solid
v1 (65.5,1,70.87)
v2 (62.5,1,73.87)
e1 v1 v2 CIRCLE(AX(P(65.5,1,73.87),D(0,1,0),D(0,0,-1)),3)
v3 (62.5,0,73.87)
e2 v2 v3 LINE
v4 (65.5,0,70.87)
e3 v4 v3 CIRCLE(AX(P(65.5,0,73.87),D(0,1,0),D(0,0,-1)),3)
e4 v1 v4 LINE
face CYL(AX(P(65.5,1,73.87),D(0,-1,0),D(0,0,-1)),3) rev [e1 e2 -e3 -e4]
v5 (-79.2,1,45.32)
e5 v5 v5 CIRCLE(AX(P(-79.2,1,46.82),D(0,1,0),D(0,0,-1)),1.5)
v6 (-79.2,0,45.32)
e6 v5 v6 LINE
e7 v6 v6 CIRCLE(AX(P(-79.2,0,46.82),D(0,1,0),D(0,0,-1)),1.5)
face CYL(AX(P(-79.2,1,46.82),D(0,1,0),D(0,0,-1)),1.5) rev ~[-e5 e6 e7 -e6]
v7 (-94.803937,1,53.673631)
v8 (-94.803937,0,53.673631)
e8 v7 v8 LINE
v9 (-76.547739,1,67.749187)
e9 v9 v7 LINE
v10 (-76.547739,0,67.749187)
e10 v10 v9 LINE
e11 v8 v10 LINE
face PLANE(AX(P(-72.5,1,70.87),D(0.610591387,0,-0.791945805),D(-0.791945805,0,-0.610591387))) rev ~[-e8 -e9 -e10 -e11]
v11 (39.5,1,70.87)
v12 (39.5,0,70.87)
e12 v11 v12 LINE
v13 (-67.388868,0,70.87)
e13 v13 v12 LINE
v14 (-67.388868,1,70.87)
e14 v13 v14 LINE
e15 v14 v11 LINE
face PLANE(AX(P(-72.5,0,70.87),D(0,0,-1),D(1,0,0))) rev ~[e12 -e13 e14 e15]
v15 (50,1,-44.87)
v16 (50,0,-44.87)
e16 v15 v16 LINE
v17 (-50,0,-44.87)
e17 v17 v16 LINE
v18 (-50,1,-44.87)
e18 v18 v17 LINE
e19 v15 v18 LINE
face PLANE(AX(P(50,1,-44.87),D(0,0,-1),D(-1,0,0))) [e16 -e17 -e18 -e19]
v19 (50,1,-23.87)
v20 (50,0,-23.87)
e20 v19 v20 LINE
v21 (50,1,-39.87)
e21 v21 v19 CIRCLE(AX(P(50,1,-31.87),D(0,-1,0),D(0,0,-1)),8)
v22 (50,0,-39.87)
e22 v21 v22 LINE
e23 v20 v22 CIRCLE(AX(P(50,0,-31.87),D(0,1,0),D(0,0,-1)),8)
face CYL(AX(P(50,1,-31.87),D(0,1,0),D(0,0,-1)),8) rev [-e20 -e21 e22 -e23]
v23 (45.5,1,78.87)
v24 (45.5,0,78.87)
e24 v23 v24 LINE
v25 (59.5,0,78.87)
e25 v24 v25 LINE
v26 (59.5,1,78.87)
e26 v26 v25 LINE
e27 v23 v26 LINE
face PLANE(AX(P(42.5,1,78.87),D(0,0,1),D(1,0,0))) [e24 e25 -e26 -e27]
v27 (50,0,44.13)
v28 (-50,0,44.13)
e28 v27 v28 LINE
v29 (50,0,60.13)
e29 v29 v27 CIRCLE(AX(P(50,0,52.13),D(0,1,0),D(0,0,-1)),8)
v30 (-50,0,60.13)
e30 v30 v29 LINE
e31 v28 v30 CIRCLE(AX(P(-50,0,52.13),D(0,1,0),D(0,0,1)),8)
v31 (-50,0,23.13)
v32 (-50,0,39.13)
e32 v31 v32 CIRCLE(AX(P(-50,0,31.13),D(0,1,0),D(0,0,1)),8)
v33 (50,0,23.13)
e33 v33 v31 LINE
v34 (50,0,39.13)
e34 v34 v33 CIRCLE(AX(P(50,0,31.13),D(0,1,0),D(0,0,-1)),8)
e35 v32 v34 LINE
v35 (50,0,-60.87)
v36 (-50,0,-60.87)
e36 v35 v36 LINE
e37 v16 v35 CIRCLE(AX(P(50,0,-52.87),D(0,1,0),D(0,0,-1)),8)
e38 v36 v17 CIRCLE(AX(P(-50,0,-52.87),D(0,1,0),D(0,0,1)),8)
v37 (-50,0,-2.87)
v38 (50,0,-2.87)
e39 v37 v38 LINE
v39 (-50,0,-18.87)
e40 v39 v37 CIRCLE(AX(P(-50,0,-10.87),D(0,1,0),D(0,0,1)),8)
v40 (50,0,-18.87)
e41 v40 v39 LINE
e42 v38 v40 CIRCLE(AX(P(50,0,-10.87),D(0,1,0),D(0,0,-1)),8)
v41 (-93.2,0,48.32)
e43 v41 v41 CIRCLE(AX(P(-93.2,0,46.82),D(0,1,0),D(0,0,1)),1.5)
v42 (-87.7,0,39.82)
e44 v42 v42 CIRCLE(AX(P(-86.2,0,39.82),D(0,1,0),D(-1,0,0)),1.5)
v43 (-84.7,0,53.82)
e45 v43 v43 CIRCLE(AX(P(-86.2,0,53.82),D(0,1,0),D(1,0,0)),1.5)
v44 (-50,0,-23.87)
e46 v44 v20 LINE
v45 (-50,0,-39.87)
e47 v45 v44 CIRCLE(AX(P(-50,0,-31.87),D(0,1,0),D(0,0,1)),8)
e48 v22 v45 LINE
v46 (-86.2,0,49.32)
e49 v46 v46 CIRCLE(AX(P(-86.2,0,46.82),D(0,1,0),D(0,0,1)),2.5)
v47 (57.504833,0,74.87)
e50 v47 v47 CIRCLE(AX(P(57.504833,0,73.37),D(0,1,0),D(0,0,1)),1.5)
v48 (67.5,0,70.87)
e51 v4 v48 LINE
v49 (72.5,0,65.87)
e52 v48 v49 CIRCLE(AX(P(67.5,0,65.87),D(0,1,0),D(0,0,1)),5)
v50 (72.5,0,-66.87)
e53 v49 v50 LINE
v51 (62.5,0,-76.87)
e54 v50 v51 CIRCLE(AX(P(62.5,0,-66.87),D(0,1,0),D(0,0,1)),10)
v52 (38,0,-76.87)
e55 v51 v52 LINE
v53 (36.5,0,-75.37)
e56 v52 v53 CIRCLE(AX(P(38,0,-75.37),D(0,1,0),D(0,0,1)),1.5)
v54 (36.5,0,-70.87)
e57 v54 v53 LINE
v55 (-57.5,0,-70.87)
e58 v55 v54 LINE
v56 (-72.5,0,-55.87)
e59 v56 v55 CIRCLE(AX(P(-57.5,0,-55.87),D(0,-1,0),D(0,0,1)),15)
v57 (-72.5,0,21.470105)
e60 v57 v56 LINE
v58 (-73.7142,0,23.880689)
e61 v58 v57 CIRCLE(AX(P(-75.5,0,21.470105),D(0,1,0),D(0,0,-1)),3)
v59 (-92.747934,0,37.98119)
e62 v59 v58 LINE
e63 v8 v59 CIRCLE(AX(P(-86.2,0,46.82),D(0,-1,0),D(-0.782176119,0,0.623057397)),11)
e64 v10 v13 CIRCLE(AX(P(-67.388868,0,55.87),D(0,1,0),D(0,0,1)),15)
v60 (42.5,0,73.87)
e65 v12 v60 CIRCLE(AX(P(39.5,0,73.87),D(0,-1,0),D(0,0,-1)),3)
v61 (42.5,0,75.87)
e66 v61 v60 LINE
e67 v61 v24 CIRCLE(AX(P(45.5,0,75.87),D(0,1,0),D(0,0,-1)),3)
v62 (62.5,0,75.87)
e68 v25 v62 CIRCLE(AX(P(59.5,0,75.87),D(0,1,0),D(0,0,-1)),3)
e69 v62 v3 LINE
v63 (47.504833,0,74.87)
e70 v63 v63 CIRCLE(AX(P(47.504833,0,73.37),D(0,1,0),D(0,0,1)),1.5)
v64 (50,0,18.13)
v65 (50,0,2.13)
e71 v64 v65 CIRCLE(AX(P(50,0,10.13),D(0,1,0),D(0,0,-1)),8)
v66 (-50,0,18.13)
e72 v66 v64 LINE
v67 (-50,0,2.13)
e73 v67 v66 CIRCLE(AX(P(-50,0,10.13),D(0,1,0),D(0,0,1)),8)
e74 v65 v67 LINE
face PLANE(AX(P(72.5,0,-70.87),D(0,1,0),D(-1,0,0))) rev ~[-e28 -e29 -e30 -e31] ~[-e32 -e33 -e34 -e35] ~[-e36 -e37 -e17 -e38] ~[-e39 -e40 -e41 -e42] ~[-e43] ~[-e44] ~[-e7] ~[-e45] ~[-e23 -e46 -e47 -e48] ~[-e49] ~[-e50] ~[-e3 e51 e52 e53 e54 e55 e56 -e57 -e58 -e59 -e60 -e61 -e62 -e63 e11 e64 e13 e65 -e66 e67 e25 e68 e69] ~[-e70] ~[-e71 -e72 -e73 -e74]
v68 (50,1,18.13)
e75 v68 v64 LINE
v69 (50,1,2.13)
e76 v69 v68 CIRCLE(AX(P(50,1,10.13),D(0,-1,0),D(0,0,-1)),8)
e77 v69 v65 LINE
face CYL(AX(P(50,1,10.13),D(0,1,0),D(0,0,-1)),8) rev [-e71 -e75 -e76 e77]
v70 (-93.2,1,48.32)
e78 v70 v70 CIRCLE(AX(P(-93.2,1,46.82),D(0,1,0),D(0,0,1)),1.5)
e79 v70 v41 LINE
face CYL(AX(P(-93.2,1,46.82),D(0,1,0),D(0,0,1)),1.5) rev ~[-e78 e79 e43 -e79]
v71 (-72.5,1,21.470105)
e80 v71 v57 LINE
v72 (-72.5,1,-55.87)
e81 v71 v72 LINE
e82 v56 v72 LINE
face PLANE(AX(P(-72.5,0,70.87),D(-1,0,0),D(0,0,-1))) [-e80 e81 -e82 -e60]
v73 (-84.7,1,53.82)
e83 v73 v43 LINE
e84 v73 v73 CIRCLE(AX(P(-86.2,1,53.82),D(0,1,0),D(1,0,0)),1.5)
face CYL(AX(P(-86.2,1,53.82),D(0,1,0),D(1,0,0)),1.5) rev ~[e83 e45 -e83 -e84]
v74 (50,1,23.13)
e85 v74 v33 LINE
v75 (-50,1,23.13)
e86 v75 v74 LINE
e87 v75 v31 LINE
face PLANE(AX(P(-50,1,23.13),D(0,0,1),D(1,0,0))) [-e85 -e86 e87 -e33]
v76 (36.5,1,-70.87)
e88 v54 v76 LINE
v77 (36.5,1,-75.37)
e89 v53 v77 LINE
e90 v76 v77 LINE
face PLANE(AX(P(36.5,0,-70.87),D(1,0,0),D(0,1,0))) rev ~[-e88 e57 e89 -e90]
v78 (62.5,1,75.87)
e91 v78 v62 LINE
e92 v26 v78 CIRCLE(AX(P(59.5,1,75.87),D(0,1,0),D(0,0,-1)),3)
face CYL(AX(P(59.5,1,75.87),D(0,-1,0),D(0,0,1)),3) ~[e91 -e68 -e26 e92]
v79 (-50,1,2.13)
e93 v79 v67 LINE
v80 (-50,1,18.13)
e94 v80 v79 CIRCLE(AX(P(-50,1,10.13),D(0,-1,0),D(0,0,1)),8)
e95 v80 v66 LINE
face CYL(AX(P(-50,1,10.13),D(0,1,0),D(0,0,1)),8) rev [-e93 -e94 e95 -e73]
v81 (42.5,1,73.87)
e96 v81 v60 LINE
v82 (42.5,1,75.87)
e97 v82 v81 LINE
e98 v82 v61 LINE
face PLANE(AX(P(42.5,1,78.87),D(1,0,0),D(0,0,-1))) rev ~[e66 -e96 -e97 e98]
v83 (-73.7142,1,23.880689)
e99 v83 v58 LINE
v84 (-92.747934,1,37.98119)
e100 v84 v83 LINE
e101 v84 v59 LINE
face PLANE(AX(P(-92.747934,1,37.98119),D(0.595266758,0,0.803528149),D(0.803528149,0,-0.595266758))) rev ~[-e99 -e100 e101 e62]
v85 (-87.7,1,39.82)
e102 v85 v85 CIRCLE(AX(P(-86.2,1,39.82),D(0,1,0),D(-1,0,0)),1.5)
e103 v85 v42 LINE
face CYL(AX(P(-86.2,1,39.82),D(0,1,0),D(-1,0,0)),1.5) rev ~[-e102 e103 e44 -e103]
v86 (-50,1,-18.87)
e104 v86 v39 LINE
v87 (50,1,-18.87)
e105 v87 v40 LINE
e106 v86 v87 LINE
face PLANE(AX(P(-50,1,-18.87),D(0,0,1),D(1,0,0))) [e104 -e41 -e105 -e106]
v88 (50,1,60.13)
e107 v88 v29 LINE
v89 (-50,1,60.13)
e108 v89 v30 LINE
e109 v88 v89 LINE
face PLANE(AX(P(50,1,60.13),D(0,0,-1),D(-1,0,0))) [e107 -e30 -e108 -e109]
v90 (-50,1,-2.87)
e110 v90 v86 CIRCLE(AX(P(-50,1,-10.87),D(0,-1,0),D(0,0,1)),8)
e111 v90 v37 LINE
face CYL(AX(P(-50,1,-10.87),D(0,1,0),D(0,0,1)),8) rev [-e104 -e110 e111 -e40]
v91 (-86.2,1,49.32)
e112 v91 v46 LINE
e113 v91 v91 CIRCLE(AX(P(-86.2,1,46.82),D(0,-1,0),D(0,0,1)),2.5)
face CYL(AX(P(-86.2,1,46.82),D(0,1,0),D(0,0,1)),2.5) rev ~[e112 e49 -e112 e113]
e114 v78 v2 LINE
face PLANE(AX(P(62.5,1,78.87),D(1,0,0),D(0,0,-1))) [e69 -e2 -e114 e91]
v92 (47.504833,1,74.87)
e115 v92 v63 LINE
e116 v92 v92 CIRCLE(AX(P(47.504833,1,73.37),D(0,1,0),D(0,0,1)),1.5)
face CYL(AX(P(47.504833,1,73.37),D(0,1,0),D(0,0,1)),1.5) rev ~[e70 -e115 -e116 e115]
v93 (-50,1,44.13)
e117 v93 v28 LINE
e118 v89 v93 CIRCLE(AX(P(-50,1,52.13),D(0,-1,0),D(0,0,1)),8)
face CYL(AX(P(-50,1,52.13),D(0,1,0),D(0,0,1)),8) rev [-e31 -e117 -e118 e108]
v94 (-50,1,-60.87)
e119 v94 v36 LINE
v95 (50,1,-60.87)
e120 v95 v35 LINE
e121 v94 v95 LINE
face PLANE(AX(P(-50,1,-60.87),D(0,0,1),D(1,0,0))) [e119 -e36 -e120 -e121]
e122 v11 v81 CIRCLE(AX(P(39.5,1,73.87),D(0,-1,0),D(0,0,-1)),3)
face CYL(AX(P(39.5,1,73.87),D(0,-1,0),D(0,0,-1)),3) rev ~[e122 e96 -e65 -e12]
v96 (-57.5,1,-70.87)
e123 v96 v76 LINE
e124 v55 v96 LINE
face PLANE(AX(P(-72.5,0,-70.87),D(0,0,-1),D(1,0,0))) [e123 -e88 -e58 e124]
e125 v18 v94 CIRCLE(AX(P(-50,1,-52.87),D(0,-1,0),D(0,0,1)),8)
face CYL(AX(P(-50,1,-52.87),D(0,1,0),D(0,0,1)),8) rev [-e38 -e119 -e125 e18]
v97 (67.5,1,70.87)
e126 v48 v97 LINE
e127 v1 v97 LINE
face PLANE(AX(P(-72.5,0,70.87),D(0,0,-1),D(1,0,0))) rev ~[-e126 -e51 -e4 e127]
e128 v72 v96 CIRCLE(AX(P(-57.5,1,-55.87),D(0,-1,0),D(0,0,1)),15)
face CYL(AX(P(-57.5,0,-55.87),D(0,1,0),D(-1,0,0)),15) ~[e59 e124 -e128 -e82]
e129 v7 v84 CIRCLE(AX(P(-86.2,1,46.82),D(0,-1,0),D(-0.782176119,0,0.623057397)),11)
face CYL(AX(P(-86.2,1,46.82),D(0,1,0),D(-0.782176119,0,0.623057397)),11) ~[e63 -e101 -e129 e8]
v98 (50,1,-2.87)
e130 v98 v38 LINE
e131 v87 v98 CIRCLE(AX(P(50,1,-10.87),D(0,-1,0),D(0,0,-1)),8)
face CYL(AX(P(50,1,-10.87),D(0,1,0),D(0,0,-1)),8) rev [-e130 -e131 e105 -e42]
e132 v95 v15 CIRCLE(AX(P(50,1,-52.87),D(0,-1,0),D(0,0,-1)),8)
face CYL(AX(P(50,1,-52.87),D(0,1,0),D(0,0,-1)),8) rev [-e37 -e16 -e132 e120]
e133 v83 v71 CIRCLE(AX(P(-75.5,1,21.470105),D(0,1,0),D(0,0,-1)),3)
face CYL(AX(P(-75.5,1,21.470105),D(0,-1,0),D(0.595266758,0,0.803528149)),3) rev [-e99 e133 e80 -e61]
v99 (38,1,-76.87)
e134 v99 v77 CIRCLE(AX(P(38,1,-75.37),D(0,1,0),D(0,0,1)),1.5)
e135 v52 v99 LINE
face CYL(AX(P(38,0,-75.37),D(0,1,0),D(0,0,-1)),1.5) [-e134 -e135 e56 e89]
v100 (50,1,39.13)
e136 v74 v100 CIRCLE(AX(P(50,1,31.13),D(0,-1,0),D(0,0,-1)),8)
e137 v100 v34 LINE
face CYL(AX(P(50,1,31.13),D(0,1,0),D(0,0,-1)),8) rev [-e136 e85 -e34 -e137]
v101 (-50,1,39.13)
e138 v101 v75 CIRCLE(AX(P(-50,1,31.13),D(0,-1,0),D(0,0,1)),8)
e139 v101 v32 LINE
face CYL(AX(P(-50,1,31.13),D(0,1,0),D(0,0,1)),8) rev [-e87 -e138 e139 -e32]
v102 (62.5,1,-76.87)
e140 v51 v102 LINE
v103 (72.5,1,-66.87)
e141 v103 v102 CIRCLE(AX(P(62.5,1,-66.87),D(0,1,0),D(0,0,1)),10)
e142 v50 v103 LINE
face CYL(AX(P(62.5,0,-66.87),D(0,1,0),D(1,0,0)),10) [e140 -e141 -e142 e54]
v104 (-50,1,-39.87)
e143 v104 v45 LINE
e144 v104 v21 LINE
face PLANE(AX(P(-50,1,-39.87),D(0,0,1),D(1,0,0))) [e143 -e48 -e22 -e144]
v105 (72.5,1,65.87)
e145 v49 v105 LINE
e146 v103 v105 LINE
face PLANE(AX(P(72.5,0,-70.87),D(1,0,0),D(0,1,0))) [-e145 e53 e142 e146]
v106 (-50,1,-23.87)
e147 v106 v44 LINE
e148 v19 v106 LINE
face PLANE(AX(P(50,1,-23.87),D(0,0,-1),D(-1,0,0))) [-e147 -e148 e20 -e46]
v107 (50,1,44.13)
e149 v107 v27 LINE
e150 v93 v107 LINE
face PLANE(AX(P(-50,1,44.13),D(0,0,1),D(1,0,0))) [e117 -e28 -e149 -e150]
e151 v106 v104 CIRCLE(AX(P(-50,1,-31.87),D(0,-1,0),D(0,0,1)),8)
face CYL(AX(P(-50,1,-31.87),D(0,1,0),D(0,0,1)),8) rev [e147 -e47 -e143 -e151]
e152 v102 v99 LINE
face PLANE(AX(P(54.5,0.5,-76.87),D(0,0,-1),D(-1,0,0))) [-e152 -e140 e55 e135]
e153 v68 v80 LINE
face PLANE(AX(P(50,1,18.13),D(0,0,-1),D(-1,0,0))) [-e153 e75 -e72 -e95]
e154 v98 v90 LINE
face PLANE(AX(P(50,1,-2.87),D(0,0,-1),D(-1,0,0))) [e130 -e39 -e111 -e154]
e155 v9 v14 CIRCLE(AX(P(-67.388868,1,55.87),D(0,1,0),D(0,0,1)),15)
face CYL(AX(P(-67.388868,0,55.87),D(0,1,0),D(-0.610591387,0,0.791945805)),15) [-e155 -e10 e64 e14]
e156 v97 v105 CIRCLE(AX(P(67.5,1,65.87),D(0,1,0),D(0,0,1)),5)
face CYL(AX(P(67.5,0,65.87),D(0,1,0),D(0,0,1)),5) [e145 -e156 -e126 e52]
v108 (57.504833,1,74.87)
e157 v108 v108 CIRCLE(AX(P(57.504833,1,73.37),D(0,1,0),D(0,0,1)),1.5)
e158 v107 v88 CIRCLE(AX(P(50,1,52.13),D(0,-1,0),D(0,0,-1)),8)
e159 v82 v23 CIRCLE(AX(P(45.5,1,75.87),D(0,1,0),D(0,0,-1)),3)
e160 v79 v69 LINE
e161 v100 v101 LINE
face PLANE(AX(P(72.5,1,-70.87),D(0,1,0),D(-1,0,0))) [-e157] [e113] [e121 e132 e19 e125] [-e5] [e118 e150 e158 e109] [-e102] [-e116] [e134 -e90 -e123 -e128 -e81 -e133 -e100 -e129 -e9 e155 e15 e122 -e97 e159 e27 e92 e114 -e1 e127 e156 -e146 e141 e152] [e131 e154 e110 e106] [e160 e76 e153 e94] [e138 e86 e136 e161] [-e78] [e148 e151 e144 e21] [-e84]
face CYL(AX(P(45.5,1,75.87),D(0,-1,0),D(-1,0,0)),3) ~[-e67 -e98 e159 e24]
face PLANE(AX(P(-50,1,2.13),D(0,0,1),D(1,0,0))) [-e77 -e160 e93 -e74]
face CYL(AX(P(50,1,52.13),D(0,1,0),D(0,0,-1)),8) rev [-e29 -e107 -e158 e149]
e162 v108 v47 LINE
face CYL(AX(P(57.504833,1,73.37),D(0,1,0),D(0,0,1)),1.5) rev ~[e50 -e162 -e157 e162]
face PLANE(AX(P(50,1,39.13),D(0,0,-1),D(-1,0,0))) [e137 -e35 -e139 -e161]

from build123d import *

# Parameters (mm, degrees)
SKETCH_1_W               = 145
SKETCH_1_H               = 141.74
EXTRUDE_1_DEPTH          = 1
FILLET_1_R               = 15
EXTRUDE_2_DEPTH          = 1
SKETCH_3_R               = 2.5
SKETCH_3_R_2             = 1.5
CUT_EXTRUDE_1_DEPTH      = 127.962285976
PATTERN_CIRCULAR_1_COUNT = 4
CUT_EXTRUDE_2_DEPTH      = 127.962285976
FILLET_2_R               = 15
FILLET_3_R               = 3
CUT_EXTRUDE_3_DEPTH      = 121.297119251
SKETCH_6_W               = 36
SKETCH_6_H               = 1
EXTRUDE_3_DEPTH          = 6
FILLET_4_R               = 10
FILLET_5_R               = 1.5
SKETCH_8_W               = 20
SKETCH_8_H               = 8
SKETCH_8_R               = 1.5
EXTRUDE_5_DEPTH          = 1
FILLET_8_R               = 3
FILLET_9_R               = 5


with BuildPart() as part:
    # 草图1 → 凸台-拉伸1 (new body)
    with BuildSketch(Plane(origin=(0, 0, 0), x_dir=(1, 0, 0), z_dir=(0, 1, 0))):
        Rectangle(SKETCH_1_W, SKETCH_1_H)
    extrude(amount=EXTRUDE_1_DEPTH)

    # 圆角1
    fillet_1_edges = [part.edges().sort_by_distance(p)[0] for p in [
        (-72.5, 0.5, -70.87),
    ]]
    fillet(fillet_1_edges, radius=FILLET_1_R)

    # 草图2 → 凸台-拉伸2 (add)
    with BuildSketch(Plane(origin=(0, 1, 0), x_dir=(1, 0, 0), z_dir=(0, 1, 0))):
        with BuildLine():
            Line((-92.747934341, -37.981190359), (-72.5, -22.981190359))
            Line((-72.5, -22.981190359), (-72.5, -81.673631364))
            Line((-72.5, -81.673631364), (-94.803937304, -53.673631364))
            ThreePointArc((-94.803937304, -53.673631364), (-97.10678595, -45.391007263), (-92.747934341, -37.981190359))
        make_face()
    extrude(amount=-EXTRUDE_2_DEPTH)

    # 草图3 → 切除-拉伸1 (cut, through all)
    with BuildSketch(Plane(origin=(0, 1, 0), x_dir=(1, 0, 0), z_dir=(0, 1, 0))):
        with Locations(Location((-86.2, -46.82, 0), (0, 0, 270))):
            Circle(SKETCH_3_R)
        with Locations(Location((-93.2, -46.82, 0), (0, 0, 270))):
            Circle(SKETCH_3_R_2)
    cut_extrude_1 = extrude(amount=-CUT_EXTRUDE_1_DEPTH, mode=Mode.SUBTRACT)

    # 阵列(圆周)1: 切除-拉伸1 ×4 about axis
    pattern_circular_1_axis = Axis((-86.2, 0, 46.82), (0, 1, 0))
    for i in range(1, PATTERN_CIRCULAR_1_COUNT):
        add(cut_extrude_1.rotate(pattern_circular_1_axis, i * 360 / PATTERN_CIRCULAR_1_COUNT), mode=Mode.SUBTRACT)

    # 草图4 → 切除-拉伸2 (cut, through all)
    with BuildSketch(Plane(origin=(0, 1, 0), x_dir=(1, 0, 0), z_dir=(0, 1, 0))):
        Polygon((-72.5, -70.87), (-94.803937304, -53.673631364), (-72.5, -88.862813476), align=None)
    extrude(amount=-CUT_EXTRUDE_2_DEPTH, mode=Mode.SUBTRACT)

    # 圆角2
    fillet_2_edges = [part.edges().sort_by_distance(p)[0] for p in [
        (-72.5, 0.5, 70.87),
    ]]
    fillet(fillet_2_edges, radius=FILLET_2_R)

    # 圆角3
    fillet_3_edges = [part.edges().sort_by_distance(p)[0] for p in [
        (-72.5, 0.5, 22.981190359),
    ]]
    fillet(fillet_3_edges, radius=FILLET_3_R)

    # 草图5 → 切除-拉伸3 (cut, through all)
    with BuildSketch(Plane(origin=(0, 1, 0), x_dir=(1, 0, 0), z_dir=(0, 1, 0))):
        with BuildLine():
            Line((-50, 60.87), (50, 60.87))
            ThreePointArc((50, 60.87), (58, 52.87), (50, 44.87))
            Line((50, 44.87), (-50, 44.87))
            ThreePointArc((-50, 44.87), (-58, 52.87), (-50, 60.87))
        make_face()
        with BuildLine():
            Line((-50, 39.87), (50, 39.87))
            ThreePointArc((50, 39.87), (58, 31.87), (50, 23.87))
            Line((50, 23.87), (-50, 23.87))
            ThreePointArc((-50, 23.87), (-58, 31.87), (-50, 39.87))
        make_face()
        with BuildLine():
            Line((-50, 18.87), (50, 18.87))
            ThreePointArc((50, 18.87), (58, 10.87), (50, 2.87))
            Line((50, 2.87), (-50, 2.87))
            ThreePointArc((-50, 2.87), (-58, 10.87), (-50, 18.87))
        make_face()
        with BuildLine():
            Line((-50, -2.13), (50, -2.13))
            ThreePointArc((50, -2.13), (58, -10.13), (50, -18.13))
            Line((50, -18.13), (-50, -18.13))
            ThreePointArc((-50, -18.13), (-58, -10.13), (-50, -2.13))
        make_face()
        with BuildLine():
            Line((-50, -23.13), (50, -23.13))
            ThreePointArc((50, -23.13), (58, -31.13), (50, -39.13))
            Line((50, -39.13), (-50, -39.13))
            ThreePointArc((-50, -39.13), (-58, -31.13), (-50, -23.13))
        make_face()
        with BuildLine():
            Line((-50, -44.13), (50, -44.13))
            ThreePointArc((50, -44.13), (58, -52.13), (50, -60.13))
            Line((50, -60.13), (-50, -60.13))
            ThreePointArc((-50, -60.13), (-58, -52.13), (-50, -44.13))
        make_face()
    extrude(amount=-CUT_EXTRUDE_3_DEPTH, mode=Mode.SUBTRACT)

    # 草图6 → 凸台-拉伸3 (add)
    with BuildSketch(Plane(origin=(0, 0, -70.87), x_dir=(-1, 0, 0), z_dir=(0, 0, -1))):
        with Locations((-54.5, 0.5)):
            Rectangle(SKETCH_6_W, SKETCH_6_H)
    extrude(amount=EXTRUDE_3_DEPTH)

    # 圆角4
    fillet_4_edges = [part.edges().sort_by_distance(p)[0] for p in [
        (72.5, 0.5, -76.87),
    ]]
    fillet(fillet_4_edges, radius=FILLET_4_R)

    # 圆角5
    fillet_5_edges = [part.edges().sort_by_distance(p)[0] for p in [
        (36.5, 0.5, -76.87),
    ]]
    fillet(fillet_5_edges, radius=FILLET_5_R)

    # 草图8 → 凸台-拉伸5 (add)
    with BuildSketch(Plane(origin=(0, 1, 0), x_dir=(1, 0, 0), z_dir=(0, 1, 0))):
        with Locations((52.5, -74.87)):
            Rectangle(SKETCH_8_W, SKETCH_8_H)
        with Locations(Location((47.504832843, -73.37, 0), (0, 0, 270))):
            Circle(SKETCH_8_R, mode=Mode.SUBTRACT)
        with Locations(Location((57.504832843, -73.37, 0), (0, 0, 270))):
            Circle(SKETCH_8_R, mode=Mode.SUBTRACT)
    extrude(amount=-EXTRUDE_5_DEPTH)

    # 圆角8
    fillet_8_edges = [part.edges().sort_by_distance(p)[0] for p in [
        (62.5, 0.5, 70.87),
        (62.5, 0.5, 78.87),
        (42.5, 0.5, 78.87),
        (42.5, 0.5, 70.87),
    ]]
    fillet(fillet_8_edges, radius=FILLET_8_R)

    # 圆角9
    fillet_9_edges = [part.edges().sort_by_distance(p)[0] for p in [
        (72.5, 0.5, 70.87),
    ]]
    fillet(fillet_9_edges, radius=FILLET_9_R)


solid = part.part
